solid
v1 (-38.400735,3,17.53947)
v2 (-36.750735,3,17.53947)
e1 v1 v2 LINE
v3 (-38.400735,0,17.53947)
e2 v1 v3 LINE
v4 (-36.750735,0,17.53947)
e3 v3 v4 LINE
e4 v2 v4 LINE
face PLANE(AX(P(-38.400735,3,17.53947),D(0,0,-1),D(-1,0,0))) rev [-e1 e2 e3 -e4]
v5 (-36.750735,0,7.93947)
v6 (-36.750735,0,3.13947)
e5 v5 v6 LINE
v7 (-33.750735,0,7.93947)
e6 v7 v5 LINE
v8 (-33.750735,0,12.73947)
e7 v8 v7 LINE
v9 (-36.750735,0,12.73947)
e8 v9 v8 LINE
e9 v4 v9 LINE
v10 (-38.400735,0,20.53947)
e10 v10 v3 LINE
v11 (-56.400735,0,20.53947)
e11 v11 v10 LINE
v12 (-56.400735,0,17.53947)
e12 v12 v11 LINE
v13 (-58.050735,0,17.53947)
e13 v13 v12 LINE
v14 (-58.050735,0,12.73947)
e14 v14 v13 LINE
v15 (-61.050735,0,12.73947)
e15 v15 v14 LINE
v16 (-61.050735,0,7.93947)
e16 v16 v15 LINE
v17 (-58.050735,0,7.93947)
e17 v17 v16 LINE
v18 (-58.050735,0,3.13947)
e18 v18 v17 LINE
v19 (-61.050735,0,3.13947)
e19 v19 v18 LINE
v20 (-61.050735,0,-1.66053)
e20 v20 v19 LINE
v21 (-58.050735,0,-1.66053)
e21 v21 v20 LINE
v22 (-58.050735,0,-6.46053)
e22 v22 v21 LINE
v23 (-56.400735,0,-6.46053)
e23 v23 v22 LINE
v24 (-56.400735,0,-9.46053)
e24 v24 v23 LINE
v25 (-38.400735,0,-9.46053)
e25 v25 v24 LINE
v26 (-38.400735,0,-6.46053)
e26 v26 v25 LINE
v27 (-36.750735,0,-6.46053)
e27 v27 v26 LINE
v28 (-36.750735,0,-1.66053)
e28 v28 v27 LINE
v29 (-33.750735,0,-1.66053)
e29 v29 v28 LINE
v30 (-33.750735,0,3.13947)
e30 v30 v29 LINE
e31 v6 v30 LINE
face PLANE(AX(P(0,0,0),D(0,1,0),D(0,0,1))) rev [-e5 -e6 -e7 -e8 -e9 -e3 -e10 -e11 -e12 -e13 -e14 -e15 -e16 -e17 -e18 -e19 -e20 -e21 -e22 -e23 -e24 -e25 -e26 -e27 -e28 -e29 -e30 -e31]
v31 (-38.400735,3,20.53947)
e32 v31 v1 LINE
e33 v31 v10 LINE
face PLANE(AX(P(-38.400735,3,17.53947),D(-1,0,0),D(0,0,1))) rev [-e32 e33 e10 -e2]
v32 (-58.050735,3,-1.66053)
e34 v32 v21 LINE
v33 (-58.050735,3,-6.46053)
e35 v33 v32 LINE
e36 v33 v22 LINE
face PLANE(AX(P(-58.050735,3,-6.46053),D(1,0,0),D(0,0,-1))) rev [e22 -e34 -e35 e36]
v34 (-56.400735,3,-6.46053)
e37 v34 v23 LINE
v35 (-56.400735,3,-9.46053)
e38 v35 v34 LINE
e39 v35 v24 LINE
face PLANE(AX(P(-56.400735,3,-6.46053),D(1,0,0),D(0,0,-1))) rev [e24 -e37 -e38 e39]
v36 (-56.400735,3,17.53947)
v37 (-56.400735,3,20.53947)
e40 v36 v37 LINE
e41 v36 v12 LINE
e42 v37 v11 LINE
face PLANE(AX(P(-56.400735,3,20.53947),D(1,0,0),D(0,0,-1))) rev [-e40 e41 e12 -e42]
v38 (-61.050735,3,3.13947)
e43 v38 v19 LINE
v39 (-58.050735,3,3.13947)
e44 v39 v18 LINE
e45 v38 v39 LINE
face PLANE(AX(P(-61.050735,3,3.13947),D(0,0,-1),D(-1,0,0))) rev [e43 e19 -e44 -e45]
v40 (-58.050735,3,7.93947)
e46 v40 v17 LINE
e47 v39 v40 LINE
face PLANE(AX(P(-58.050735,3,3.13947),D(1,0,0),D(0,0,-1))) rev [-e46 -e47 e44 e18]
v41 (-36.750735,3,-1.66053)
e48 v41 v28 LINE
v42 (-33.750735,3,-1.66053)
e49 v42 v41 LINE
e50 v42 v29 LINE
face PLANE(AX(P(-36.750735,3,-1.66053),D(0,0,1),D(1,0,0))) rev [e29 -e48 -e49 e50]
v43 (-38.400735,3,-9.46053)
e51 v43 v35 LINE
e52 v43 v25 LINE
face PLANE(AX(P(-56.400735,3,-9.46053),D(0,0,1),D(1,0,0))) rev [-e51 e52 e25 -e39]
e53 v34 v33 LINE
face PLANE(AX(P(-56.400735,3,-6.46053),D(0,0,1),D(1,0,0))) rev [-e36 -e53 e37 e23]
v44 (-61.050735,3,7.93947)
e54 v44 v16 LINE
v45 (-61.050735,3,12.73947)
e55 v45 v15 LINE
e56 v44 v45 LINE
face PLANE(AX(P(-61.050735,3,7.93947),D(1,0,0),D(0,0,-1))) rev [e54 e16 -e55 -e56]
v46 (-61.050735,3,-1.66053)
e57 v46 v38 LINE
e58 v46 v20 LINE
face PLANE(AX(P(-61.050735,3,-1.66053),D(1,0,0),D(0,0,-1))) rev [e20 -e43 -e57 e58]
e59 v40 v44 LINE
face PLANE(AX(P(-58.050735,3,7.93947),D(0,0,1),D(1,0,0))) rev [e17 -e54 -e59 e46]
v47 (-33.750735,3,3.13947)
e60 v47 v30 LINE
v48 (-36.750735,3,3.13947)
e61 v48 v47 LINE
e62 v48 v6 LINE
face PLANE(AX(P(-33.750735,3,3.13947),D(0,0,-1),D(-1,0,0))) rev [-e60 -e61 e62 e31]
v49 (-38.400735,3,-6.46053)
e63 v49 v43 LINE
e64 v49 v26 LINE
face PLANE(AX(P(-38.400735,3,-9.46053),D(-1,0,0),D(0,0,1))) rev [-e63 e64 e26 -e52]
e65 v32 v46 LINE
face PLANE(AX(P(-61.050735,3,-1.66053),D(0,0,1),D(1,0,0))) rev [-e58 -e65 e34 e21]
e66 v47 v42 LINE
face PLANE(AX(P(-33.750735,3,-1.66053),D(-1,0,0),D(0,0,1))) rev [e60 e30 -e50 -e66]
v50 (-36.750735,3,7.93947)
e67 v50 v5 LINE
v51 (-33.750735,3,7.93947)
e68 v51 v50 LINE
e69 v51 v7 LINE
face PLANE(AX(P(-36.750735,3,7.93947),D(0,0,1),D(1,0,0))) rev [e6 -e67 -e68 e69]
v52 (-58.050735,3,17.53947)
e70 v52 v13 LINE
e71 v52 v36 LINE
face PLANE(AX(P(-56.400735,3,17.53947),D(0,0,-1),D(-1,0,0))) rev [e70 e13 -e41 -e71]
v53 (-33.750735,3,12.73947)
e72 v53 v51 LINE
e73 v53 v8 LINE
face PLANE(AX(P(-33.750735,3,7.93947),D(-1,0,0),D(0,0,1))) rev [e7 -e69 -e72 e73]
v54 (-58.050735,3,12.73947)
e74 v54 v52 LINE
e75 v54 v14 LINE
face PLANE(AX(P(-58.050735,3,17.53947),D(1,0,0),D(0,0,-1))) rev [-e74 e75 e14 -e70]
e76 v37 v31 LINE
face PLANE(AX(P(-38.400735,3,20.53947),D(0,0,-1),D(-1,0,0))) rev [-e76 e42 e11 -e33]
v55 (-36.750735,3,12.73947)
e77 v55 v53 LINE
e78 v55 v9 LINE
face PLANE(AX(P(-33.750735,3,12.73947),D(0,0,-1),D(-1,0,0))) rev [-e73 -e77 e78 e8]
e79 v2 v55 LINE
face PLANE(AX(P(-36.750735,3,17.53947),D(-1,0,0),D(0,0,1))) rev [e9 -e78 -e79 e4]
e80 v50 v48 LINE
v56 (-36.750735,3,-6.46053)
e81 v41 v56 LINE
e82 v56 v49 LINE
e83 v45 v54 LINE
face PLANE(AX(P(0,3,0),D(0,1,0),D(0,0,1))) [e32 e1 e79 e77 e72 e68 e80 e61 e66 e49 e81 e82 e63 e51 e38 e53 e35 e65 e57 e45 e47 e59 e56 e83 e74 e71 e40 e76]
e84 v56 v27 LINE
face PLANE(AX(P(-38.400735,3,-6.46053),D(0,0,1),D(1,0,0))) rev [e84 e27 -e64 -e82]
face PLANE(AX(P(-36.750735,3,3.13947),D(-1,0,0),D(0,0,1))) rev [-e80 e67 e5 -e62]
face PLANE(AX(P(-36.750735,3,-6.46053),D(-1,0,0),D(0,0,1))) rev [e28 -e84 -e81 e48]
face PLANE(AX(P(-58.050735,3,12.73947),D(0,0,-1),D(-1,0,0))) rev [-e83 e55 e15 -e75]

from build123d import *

# Parameters (mm, degrees)
RESSALTO_EXTRUS_O1_DEPTH = 3


with BuildPart() as part:
    # Esboço1 → Ressalto-extrusão1 (new body)
    with BuildSketch(Plane(origin=(0, 0, 0), x_dir=(1, 0, 0), z_dir=(0, 1, 0))):
        Polygon((-56.400735041, 6.460529511), (-56.400735041, 9.460529511), (-38.400735041, 9.460529511), (-38.400735041, 6.460529511), (-36.750735041, 6.460529511), (-36.750735041, 1.660529511), (-33.750735041, 1.660529511), (-33.750735041, -3.139470489), (-36.750735041, -3.139470489), (-36.750735041, -7.939470489), (-33.750735041, -7.939470489), (-33.750735041, -12.739470489), (-36.750735041, -12.739470489), (-36.750735041, -17.539470489), (-38.400735041, -17.539470489), (-38.400735041, -20.539470489), (-56.400735041, -20.539470489), (-56.400735041, -17.539470489), (-58.050735041, -17.539470489), (-58.050735041, -12.739470489), (-61.050735041, -12.739470489), (-61.050735041, -7.939470489), (-58.050735041, -7.939470489), (-58.050735041, -3.139470489), (-61.050735041, -3.139470489), (-61.050735041, 1.660529511), (-58.050735041, 1.660529511), (-58.050735041, 6.460529511), align=None)
    extrude(amount=RESSALTO_EXTRUS_O1_DEPTH)


solid = part.part
